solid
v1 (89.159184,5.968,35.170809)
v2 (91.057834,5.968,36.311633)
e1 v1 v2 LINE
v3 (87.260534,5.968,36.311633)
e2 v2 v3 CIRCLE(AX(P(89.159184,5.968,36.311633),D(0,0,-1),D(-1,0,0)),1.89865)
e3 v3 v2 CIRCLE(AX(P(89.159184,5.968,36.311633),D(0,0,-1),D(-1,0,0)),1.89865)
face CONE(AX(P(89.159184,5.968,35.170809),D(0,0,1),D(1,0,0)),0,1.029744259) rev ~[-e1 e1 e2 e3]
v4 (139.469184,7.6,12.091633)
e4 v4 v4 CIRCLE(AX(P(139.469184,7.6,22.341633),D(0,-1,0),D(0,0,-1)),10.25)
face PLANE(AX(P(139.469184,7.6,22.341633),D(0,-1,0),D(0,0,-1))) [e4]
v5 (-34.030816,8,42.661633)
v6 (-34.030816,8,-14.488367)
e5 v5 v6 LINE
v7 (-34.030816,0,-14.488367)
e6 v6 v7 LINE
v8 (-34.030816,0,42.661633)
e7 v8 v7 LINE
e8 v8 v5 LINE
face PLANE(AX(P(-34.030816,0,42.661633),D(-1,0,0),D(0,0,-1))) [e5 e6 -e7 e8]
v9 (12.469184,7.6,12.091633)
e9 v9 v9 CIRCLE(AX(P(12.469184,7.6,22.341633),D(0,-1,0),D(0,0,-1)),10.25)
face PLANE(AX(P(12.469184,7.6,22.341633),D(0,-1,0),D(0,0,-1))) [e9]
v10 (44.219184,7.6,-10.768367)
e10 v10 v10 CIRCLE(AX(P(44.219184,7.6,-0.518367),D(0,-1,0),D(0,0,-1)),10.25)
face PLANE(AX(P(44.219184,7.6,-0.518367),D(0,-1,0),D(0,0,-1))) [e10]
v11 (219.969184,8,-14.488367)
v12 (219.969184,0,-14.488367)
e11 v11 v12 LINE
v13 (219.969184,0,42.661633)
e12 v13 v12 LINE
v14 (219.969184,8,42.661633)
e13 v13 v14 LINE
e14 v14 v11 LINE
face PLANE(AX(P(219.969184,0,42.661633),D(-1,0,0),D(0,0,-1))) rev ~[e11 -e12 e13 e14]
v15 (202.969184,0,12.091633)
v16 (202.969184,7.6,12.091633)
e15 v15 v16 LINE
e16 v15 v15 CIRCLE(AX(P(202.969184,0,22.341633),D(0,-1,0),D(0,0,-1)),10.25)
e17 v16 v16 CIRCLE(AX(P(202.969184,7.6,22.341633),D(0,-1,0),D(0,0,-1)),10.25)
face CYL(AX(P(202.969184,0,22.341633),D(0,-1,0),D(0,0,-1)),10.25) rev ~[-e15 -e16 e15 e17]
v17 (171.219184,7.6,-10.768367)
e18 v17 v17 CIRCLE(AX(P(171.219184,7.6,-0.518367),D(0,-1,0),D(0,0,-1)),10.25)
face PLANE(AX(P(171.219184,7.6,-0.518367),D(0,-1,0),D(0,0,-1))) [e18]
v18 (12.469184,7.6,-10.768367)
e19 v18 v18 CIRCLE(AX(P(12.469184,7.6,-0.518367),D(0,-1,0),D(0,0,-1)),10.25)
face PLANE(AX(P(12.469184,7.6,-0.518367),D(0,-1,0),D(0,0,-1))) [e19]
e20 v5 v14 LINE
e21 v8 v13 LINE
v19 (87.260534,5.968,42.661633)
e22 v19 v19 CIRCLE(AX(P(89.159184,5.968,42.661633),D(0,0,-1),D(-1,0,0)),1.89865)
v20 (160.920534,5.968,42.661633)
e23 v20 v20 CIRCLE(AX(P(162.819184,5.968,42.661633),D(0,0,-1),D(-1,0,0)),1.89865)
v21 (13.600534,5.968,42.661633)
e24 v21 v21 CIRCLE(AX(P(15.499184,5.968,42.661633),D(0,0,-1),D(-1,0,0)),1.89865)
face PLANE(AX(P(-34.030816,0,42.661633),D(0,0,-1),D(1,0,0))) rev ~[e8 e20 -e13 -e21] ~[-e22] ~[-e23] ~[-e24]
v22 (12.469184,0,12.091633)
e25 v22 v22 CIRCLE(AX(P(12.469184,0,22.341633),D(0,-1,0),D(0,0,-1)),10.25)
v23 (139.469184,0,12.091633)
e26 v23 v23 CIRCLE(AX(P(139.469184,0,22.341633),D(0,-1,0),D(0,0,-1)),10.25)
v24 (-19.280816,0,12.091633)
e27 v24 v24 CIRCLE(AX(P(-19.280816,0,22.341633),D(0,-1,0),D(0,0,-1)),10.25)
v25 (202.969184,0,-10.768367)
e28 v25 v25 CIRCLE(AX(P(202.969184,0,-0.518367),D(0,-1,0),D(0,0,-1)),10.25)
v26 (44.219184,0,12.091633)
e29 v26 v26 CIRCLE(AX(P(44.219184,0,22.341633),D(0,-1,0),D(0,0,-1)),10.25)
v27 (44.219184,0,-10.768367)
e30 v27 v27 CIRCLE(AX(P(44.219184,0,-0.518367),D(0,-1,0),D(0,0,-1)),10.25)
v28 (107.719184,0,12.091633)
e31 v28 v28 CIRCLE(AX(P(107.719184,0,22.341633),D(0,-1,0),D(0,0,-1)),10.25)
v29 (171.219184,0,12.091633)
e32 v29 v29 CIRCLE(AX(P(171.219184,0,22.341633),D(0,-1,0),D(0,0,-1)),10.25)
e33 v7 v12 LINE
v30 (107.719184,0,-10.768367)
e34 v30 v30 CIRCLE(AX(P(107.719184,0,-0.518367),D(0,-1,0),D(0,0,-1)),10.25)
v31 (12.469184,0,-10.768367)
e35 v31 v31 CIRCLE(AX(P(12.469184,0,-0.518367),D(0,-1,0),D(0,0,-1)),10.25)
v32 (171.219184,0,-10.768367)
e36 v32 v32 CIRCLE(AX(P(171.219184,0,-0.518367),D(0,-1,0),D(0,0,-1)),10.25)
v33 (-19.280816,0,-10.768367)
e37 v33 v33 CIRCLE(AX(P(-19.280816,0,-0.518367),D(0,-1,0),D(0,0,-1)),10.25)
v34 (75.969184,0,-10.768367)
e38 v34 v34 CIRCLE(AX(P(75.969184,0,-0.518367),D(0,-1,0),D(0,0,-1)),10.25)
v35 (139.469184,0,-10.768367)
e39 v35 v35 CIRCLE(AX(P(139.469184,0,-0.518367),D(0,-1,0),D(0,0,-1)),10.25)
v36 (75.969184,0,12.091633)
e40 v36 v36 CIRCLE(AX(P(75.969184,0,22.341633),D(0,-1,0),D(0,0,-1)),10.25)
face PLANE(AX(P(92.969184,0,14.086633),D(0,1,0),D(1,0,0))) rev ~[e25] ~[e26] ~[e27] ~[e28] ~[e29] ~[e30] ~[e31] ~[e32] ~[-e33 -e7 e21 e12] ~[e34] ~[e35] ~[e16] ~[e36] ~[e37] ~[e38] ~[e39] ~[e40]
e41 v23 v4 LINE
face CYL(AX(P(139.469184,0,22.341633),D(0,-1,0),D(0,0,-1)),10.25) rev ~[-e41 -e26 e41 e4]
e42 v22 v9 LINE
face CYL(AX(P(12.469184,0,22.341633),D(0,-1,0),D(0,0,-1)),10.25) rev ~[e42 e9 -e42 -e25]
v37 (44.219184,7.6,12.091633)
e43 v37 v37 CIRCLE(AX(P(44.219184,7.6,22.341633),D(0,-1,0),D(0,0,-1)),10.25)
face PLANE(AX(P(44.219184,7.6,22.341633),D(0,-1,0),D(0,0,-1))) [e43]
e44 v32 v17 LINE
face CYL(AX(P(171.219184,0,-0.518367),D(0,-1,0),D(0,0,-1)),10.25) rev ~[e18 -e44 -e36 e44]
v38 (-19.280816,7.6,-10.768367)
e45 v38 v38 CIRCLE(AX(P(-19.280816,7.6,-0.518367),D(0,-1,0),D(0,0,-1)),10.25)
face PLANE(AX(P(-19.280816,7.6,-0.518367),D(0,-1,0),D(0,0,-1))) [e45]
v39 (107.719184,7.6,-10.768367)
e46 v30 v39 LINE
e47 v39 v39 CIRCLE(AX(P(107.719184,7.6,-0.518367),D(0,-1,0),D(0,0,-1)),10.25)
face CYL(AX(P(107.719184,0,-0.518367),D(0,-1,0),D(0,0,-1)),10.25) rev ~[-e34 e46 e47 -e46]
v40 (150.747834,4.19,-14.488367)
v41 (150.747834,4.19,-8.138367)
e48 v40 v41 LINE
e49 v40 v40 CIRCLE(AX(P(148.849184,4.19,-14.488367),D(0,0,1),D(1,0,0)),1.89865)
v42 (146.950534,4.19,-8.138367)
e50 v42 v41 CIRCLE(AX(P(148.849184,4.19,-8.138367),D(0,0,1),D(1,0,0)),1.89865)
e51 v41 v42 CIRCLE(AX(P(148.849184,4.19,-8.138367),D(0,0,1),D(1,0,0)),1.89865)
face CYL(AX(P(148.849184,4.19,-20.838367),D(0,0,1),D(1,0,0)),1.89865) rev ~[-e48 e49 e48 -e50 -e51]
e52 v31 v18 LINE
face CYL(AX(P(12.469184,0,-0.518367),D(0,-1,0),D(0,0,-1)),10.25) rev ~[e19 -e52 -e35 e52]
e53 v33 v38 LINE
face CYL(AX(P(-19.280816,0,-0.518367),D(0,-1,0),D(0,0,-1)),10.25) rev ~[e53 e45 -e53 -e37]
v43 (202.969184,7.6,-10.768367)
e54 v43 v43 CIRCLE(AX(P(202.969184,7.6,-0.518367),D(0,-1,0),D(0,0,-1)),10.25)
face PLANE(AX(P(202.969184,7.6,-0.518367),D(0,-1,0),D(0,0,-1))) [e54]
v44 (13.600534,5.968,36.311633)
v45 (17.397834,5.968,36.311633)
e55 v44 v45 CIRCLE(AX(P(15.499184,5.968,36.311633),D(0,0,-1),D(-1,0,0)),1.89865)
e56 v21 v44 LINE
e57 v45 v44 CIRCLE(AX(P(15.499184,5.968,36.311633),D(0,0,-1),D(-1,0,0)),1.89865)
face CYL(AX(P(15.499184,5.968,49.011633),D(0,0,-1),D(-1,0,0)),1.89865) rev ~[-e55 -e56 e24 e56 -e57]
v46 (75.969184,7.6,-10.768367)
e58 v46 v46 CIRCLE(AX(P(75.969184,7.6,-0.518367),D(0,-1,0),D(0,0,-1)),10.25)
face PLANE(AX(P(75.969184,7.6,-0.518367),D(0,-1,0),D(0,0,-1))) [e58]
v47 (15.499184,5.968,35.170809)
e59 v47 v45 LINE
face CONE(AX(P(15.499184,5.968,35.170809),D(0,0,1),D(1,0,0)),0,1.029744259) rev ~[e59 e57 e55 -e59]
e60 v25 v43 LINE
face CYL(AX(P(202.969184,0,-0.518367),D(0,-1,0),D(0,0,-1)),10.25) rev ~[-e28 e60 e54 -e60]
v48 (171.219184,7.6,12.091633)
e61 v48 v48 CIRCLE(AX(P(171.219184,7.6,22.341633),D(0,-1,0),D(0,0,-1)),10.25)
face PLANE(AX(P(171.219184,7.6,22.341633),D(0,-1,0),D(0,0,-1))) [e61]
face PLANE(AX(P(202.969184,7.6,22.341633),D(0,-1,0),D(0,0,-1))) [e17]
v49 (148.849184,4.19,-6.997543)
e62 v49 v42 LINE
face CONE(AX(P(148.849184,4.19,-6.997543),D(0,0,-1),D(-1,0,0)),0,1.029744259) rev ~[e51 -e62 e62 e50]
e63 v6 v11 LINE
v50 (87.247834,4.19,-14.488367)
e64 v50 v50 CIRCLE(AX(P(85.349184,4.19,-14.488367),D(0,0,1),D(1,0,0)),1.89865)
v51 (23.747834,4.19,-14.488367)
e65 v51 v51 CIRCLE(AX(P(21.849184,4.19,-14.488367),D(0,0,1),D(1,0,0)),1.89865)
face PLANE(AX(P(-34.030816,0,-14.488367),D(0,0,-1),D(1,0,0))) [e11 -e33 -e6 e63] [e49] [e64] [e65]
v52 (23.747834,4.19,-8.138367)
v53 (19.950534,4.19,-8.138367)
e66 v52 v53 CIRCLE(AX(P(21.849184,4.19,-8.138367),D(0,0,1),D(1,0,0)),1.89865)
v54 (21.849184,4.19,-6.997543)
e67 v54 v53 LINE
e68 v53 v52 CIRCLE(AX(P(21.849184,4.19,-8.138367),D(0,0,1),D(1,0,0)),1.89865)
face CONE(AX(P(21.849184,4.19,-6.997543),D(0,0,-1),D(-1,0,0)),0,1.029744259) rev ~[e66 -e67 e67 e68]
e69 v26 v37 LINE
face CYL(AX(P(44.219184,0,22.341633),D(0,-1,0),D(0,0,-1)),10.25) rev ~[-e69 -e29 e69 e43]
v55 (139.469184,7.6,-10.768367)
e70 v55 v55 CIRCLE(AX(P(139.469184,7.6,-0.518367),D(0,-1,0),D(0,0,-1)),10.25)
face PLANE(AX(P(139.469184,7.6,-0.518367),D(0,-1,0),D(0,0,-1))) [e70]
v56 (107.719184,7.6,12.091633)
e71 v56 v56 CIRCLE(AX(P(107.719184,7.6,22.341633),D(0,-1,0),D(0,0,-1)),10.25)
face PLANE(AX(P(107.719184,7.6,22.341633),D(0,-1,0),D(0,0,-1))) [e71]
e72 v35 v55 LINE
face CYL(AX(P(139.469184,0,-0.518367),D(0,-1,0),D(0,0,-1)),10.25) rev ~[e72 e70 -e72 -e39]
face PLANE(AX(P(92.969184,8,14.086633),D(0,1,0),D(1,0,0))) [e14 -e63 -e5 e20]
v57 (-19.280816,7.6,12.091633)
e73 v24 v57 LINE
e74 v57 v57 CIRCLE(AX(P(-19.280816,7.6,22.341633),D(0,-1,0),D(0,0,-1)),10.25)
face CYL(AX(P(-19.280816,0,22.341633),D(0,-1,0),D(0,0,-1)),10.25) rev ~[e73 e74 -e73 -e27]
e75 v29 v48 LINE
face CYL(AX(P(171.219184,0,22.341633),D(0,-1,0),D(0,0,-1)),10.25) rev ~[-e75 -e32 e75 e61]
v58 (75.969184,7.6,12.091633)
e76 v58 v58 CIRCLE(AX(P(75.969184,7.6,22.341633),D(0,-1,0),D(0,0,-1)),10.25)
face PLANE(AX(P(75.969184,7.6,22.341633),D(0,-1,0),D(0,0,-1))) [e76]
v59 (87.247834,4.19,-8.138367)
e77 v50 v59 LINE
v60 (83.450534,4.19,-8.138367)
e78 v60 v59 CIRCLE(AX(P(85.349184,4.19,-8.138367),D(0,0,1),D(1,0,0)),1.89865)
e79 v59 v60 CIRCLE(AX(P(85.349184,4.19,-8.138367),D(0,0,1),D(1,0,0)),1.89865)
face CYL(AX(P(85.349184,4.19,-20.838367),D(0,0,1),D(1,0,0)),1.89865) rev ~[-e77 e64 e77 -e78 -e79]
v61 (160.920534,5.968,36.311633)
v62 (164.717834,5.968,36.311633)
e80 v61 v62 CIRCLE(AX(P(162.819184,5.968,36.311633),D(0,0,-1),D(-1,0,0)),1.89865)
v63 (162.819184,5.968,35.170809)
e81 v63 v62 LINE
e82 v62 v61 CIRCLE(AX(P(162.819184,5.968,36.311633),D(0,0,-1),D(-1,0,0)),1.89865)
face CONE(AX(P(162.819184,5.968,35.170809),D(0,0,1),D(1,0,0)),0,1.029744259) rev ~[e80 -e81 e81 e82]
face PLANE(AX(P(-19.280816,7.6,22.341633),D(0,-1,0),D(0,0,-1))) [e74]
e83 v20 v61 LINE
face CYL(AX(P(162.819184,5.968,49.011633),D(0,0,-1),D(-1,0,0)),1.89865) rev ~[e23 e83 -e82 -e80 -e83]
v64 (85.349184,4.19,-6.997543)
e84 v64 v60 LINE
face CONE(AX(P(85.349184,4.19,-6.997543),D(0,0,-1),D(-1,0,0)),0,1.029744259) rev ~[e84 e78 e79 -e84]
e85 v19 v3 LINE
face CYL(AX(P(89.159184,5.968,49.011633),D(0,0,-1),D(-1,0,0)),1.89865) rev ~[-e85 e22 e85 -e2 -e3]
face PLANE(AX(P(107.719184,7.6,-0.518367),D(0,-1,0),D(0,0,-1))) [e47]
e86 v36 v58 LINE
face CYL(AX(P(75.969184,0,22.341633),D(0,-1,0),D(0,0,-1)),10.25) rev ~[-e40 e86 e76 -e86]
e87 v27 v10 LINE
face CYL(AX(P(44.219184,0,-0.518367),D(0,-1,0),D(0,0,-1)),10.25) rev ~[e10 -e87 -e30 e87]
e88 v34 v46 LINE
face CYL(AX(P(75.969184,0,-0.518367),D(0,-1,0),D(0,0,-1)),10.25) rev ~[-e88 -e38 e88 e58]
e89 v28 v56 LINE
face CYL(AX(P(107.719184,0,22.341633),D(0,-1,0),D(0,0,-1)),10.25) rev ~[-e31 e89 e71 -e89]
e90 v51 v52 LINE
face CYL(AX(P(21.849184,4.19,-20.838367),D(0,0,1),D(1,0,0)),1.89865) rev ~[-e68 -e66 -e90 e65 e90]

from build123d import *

# Parameters (mm, degrees)
SKETCH1_W                        = 254
SKETCH1_H                        = 57.15
SKETCH1_R                        = 10
BOSS_EXTRUDE1_DEPTH              = 8
SKETCH25_R                       = 10.25
CUT_EXTRUDE1_DEPTH               = 7.6
SKETCH26_W                       = 254
SKETCH26_H                       = 57.15
BOSS_EXTRUDE2_DEPTH              = 0.4
F_25_0_1495_DIAMETER_HOLE2_D     = 3.7973
F_25_0_1495_DIAMETER_HOLE2_DEPTH = 6.35
F_25_0_1495_DIAMETER_HOLE2_TIP   = 1.140824014
F_25_0_1495_DIAMETER_HOLE1_D     = 3.7973
F_25_0_1495_DIAMETER_HOLE1_DEPTH = 6.35
F_25_0_1495_DIAMETER_HOLE1_TIP   = 1.140824014


with BuildPart() as part:
    # Sketch1 → Boss-Extrude1 (new body)
    with BuildSketch(Plane(origin=(0, 0, 0), x_dir=(1, 0, 0), z_dir=(0, 1, 0))):
        with Locations((92.969183673, -14.086632653)):
            Rectangle(SKETCH1_W, SKETCH1_H)
        with Locations(Location((202.969183673, 0.518367347, 0), (0, 0, 270))):
            Circle(SKETCH1_R, mode=Mode.SUBTRACT)
        with Locations(Location((171.219183673, 0.518367347, 0), (0, 0, 270))):
            Circle(SKETCH1_R, mode=Mode.SUBTRACT)
        with Locations(Location((139.469183673, 0.518367347, 0), (0, 0, 270))):
            Circle(SKETCH1_R, mode=Mode.SUBTRACT)
        with Locations(Location((107.719183673, 0.518367347, 0), (0, 0, 270))):
            Circle(SKETCH1_R, mode=Mode.SUBTRACT)
        with Locations(Location((75.969183673, 0.518367347, 0), (0, 0, 270))):
            Circle(SKETCH1_R, mode=Mode.SUBTRACT)
        with Locations(Location((44.219183673, 0.518367347, 0), (0, 0, 270))):
            Circle(SKETCH1_R, mode=Mode.SUBTRACT)
        with Locations(Location((171.219183673, -22.341632653, 0), (0, 0, 270))):
            Circle(SKETCH1_R, mode=Mode.SUBTRACT)
        with Locations(Location((139.469183673, -22.341632653, 0), (0, 0, 270))):
            Circle(SKETCH1_R, mode=Mode.SUBTRACT)
        with Locations(Location((107.719183673, -22.341632653, 0), (0, 0, 270))):
            Circle(SKETCH1_R, mode=Mode.SUBTRACT)
        with Locations(Location((75.969183673, -22.341632653, 0), (0, 0, 270))):
            Circle(SKETCH1_R, mode=Mode.SUBTRACT)
        with Locations(Location((44.219183673, -22.341632653, 0), (0, 0, 270))):
            Circle(SKETCH1_R, mode=Mode.SUBTRACT)
        with Locations(Location((202.969183673, -22.341632653, 0), (0, 0, 270))):
            Circle(SKETCH1_R, mode=Mode.SUBTRACT)
        with Locations(Location((12.469183673, 0.518367347, 0), (0, 0, 270))):
            Circle(SKETCH1_R, mode=Mode.SUBTRACT)
        with Locations(Location((-19.280816327, 0.518367347, 0), (0, 0, 270))):
            Circle(SKETCH1_R, mode=Mode.SUBTRACT)
        with Locations(Location((12.469183673, -22.341632653, 0), (0, 0, 270))):
            Circle(SKETCH1_R, mode=Mode.SUBTRACT)
        with Locations(Location((-19.280816327, -22.341632653, 0), (0, 0, 270))):
            Circle(SKETCH1_R, mode=Mode.SUBTRACT)
    extrude(amount=BOSS_EXTRUDE1_DEPTH)

    # Sketch25 → Cut-Extrude1 (cut)
    with BuildSketch(Plane.XZ):
        with Locations(Location((44.219183673, 22.341632653, 0), (0, 0, 270))):
            Circle(SKETCH25_R)
        with Locations(Location((75.969183673, 22.341632653, 0), (0, 0, 270))):
            Circle(SKETCH25_R)
        with Locations(Location((107.719183673, 22.341632653, 0), (0, 0, 270))):
            Circle(SKETCH25_R)
        with Locations(Location((139.469183673, 22.341632653, 0), (0, 0, 270))):
            Circle(SKETCH25_R)
        with Locations(Location((171.219183673, 22.341632653, 0), (0, 0, 270))):
            Circle(SKETCH25_R)
        with Locations(Location((202.969183673, 22.341632653, 0), (0, 0, 270))):
            Circle(SKETCH25_R)
        with Locations(Location((75.969183673, -0.518367347, 0), (0, 0, 270))):
            Circle(SKETCH25_R)
        with Locations(Location((107.719183673, -0.518367347, 0), (0, 0, 270))):
            Circle(SKETCH25_R)
        with Locations(Location((139.469183673, -0.518367347, 0), (0, 0, 270))):
            Circle(SKETCH25_R)
        with Locations(Location((171.219183673, -0.518367347, 0), (0, 0, 270))):
            Circle(SKETCH25_R)
        with Locations(Location((202.969183673, -0.518367347, 0), (0, 0, 270))):
            Circle(SKETCH25_R)
        with Locations(Location((44.219183673, -0.518367347, 0), (0, 0, 270))):
            Circle(SKETCH25_R)
        with Locations(Location((12.469183673, 22.341632653, 0), (0, 0, 270))):
            Circle(SKETCH25_R)
        with Locations(Location((-19.280816327, 22.341632653, 0), (0, 0, 270))):
            Circle(SKETCH25_R)
        with Locations(Location((-19.280816327, -0.518367347, 0), (0, 0, 270))):
            Circle(SKETCH25_R)
        with Locations(Location((12.469183673, -0.518367347, 0), (0, 0, 270))):
            Circle(SKETCH25_R)
    extrude(amount=-CUT_EXTRUDE1_DEPTH, mode=Mode.SUBTRACT)

    # Sketch26 → Boss-Extrude2 (add)
    with BuildSketch(Plane(origin=(0, 8, 0), x_dir=(1, 0, 0), z_dir=(0, 1, 0))):
        with Locations((92.969183673, -14.086632653)):
            Rectangle(SKETCH26_W, SKETCH26_H)
    extrude(amount=-BOSS_EXTRUDE2_DEPTH)

    # #25 (0.1495) Diameter Hole2
    with Locations(Plane.XY.offset(42.661632653)):
        with Locations((15.499183673, 5.968), (162.819183673, 5.968), (89.159183673, 5.968)):
            Hole(F_25_0_1495_DIAMETER_HOLE2_D / 2, depth=F_25_0_1495_DIAMETER_HOLE2_DEPTH)
            with Locations((0, 0, -(F_25_0_1495_DIAMETER_HOLE2_DEPTH + F_25_0_1495_DIAMETER_HOLE2_TIP / 2))):  # 118° drill point
                Cone(0, F_25_0_1495_DIAMETER_HOLE2_D / 2, F_25_0_1495_DIAMETER_HOLE2_TIP, mode=Mode.SUBTRACT)

    # #25 (0.1495) Diameter Hole1
    with Locations(Plane(origin=(0, 0, -14.488367347), x_dir=(-1, 0, 0), z_dir=(0, 0, -1))):
        with Locations((-148.849183673, 4.19), (-85.349183673, 4.19), (-21.849183673, 4.19)):
            Hole(F_25_0_1495_DIAMETER_HOLE1_D / 2, depth=F_25_0_1495_DIAMETER_HOLE1_DEPTH)
            with Locations((0, 0, -(F_25_0_1495_DIAMETER_HOLE1_DEPTH + F_25_0_1495_DIAMETER_HOLE1_TIP / 2))):  # 118° drill point
                Cone(0, F_25_0_1495_DIAMETER_HOLE1_D / 2, F_25_0_1495_DIAMETER_HOLE1_TIP, mode=Mode.SUBTRACT)


solid = part.part
